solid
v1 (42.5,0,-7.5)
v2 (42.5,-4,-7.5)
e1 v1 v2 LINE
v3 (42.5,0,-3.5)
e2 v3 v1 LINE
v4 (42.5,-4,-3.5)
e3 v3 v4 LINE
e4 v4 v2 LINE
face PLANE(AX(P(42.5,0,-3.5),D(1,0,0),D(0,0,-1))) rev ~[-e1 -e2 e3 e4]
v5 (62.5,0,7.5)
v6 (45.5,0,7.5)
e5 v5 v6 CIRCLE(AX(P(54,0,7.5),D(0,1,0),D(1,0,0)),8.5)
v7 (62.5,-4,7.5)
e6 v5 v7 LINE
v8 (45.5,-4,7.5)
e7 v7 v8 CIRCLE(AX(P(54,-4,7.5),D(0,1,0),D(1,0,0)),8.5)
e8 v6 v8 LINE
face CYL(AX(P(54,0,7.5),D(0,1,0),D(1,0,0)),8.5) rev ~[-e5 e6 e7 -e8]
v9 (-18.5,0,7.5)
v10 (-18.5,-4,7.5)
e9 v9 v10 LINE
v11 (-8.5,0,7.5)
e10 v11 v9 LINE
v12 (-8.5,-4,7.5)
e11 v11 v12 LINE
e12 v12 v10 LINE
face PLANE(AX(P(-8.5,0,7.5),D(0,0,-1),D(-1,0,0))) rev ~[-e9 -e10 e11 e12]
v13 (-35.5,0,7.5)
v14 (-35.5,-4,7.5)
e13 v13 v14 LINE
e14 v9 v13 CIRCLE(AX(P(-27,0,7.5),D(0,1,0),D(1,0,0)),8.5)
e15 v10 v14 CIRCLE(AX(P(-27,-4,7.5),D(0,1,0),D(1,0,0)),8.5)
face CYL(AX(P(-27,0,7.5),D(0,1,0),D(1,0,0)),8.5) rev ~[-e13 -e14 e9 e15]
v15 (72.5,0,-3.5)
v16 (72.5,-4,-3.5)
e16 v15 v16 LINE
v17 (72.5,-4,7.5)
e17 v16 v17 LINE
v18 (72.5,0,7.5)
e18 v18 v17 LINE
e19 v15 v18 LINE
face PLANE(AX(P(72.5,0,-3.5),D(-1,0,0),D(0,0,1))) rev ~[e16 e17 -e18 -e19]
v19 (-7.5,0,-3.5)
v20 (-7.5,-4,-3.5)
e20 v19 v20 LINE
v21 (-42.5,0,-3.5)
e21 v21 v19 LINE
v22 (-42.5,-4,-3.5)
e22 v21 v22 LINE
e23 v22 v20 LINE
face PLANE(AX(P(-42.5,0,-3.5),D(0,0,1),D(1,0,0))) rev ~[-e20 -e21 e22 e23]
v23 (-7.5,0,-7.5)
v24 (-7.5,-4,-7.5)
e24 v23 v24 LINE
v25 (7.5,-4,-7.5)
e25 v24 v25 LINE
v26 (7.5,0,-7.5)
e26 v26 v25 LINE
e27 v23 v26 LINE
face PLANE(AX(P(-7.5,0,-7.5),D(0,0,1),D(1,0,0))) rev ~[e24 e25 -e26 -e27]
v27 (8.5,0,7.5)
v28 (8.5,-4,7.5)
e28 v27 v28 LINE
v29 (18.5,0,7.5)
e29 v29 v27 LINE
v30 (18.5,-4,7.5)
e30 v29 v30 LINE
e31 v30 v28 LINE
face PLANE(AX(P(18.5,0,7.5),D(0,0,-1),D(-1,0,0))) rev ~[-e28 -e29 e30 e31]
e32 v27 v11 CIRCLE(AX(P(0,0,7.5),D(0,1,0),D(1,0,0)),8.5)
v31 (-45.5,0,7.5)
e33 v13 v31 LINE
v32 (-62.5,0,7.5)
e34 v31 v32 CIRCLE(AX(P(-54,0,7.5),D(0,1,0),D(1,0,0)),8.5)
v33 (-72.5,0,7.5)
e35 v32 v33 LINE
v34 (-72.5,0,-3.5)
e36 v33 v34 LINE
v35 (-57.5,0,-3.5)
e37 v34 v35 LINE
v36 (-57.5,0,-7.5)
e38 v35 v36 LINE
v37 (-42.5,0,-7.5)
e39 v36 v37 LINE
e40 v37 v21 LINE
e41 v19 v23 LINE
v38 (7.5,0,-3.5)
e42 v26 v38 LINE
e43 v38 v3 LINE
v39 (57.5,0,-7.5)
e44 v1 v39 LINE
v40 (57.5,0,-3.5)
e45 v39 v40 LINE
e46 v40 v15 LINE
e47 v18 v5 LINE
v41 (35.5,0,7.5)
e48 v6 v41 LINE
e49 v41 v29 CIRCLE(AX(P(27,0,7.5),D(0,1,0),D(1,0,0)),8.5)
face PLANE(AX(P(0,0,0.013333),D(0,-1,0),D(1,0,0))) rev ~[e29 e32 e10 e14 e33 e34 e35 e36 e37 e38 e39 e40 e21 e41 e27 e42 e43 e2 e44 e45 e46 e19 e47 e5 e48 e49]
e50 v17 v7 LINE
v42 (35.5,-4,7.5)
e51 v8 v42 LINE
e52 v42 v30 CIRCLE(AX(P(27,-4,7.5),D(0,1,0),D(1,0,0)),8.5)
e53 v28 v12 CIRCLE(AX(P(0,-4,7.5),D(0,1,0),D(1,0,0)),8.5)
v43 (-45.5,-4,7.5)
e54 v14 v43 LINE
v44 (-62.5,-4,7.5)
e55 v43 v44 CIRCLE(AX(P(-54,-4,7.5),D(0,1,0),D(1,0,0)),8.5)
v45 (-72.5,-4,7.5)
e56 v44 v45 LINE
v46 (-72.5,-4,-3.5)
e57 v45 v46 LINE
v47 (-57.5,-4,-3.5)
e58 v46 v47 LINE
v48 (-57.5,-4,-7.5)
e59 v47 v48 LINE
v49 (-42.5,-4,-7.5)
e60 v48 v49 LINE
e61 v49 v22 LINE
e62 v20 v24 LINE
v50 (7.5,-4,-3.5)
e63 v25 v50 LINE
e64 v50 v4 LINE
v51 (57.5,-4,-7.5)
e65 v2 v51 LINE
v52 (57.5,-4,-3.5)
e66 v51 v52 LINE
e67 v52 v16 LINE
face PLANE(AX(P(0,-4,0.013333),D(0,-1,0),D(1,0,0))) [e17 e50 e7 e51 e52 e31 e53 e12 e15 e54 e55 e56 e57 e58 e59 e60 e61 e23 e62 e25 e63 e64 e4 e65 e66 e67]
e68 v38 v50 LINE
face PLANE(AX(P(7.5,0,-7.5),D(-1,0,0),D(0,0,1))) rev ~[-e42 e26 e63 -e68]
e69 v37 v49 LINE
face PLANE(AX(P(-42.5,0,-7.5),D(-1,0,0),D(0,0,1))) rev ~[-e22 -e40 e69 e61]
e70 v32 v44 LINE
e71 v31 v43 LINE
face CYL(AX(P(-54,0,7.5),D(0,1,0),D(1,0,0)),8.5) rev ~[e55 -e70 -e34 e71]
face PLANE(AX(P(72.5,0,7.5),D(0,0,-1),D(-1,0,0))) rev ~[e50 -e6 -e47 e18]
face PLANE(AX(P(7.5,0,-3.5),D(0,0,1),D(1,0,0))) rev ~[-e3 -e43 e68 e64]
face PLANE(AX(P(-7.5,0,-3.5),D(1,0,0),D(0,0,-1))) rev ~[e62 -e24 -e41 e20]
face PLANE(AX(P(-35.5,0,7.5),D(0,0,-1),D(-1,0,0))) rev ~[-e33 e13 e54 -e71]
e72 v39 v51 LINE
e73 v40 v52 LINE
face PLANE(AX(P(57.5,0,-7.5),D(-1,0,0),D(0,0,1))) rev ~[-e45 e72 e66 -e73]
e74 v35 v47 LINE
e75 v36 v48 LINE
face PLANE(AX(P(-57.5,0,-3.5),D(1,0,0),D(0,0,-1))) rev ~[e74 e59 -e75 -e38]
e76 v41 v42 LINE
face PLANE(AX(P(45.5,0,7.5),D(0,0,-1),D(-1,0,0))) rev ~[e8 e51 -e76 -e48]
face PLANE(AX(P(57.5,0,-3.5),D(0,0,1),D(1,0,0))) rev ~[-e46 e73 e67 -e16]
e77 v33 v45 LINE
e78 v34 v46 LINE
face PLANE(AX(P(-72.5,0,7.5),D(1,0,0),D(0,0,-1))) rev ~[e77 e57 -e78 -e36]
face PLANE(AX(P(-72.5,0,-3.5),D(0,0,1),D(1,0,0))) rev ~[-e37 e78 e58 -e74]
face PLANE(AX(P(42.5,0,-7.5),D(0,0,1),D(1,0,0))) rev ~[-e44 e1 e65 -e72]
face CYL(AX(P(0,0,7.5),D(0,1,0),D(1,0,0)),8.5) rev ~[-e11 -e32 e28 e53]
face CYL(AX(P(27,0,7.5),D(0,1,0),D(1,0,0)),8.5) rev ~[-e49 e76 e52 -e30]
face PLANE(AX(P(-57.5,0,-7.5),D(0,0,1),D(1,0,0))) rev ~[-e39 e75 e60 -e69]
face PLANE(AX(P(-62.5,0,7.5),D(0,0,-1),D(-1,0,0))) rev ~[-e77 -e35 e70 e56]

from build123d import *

# Parameters (mm, degrees)
F1_DEPTH = 4


with BuildPart() as f1:
    # F0 (on Front) → F1 (new body)
    with BuildSketch(Plane.XZ):
        with BuildLine():
            Line((-62.5, 7.5), (-72.5, 7.5))
            Line((-72.5, 7.5), (-72.5, -3.5))
            Line((-72.5, -3.5), (-57.5, -3.5))
            Line((-57.5, -3.5), (-57.5, -7.5))
            Line((-57.5, -7.5), (-42.5, -7.5))
            Line((-42.5, -7.5), (-42.5, -3.5))
            Line((-42.5, -3.5), (-7.5, -3.5))
            Line((-7.5, -3.5), (-7.5, -7.5))
            Line((-7.5, -7.5), (7.5, -7.5))
            Line((7.5, -7.5), (7.5, -3.5))
            Line((7.5, -3.5), (42.5, -3.5))
            Line((42.5, -3.5), (42.5, -7.5))
            Line((42.5, -7.5), (57.5, -7.5))
            Line((57.5, -7.5), (57.5, -3.5))
            Line((57.5, -3.5), (72.5, -3.5))
            Line((72.5, -3.5), (72.5, 7.5))
            Line((72.5, 7.5), (62.5, 7.5))
            ThreePointArc((62.5, 7.5), (54, -1), (45.5, 7.5))
            Line((45.5, 7.5), (35.5, 7.5))
            ThreePointArc((35.5, 7.5), (27, -1), (18.5, 7.5))
            Line((18.5, 7.5), (8.5, 7.5))
            ThreePointArc((8.5, 7.5), (0, -1), (-8.5, 7.5))
            Line((-8.5, 7.5), (-18.5, 7.5))
            ThreePointArc((-18.5, 7.5), (-27, -1), (-35.5, 7.5))
            Line((-35.5, 7.5), (-45.5, 7.5))
            ThreePointArc((-45.5, 7.5), (-54, -1), (-62.5, 7.5))
        make_face()
    extrude(amount=F1_DEPTH)


solid = f1.part
